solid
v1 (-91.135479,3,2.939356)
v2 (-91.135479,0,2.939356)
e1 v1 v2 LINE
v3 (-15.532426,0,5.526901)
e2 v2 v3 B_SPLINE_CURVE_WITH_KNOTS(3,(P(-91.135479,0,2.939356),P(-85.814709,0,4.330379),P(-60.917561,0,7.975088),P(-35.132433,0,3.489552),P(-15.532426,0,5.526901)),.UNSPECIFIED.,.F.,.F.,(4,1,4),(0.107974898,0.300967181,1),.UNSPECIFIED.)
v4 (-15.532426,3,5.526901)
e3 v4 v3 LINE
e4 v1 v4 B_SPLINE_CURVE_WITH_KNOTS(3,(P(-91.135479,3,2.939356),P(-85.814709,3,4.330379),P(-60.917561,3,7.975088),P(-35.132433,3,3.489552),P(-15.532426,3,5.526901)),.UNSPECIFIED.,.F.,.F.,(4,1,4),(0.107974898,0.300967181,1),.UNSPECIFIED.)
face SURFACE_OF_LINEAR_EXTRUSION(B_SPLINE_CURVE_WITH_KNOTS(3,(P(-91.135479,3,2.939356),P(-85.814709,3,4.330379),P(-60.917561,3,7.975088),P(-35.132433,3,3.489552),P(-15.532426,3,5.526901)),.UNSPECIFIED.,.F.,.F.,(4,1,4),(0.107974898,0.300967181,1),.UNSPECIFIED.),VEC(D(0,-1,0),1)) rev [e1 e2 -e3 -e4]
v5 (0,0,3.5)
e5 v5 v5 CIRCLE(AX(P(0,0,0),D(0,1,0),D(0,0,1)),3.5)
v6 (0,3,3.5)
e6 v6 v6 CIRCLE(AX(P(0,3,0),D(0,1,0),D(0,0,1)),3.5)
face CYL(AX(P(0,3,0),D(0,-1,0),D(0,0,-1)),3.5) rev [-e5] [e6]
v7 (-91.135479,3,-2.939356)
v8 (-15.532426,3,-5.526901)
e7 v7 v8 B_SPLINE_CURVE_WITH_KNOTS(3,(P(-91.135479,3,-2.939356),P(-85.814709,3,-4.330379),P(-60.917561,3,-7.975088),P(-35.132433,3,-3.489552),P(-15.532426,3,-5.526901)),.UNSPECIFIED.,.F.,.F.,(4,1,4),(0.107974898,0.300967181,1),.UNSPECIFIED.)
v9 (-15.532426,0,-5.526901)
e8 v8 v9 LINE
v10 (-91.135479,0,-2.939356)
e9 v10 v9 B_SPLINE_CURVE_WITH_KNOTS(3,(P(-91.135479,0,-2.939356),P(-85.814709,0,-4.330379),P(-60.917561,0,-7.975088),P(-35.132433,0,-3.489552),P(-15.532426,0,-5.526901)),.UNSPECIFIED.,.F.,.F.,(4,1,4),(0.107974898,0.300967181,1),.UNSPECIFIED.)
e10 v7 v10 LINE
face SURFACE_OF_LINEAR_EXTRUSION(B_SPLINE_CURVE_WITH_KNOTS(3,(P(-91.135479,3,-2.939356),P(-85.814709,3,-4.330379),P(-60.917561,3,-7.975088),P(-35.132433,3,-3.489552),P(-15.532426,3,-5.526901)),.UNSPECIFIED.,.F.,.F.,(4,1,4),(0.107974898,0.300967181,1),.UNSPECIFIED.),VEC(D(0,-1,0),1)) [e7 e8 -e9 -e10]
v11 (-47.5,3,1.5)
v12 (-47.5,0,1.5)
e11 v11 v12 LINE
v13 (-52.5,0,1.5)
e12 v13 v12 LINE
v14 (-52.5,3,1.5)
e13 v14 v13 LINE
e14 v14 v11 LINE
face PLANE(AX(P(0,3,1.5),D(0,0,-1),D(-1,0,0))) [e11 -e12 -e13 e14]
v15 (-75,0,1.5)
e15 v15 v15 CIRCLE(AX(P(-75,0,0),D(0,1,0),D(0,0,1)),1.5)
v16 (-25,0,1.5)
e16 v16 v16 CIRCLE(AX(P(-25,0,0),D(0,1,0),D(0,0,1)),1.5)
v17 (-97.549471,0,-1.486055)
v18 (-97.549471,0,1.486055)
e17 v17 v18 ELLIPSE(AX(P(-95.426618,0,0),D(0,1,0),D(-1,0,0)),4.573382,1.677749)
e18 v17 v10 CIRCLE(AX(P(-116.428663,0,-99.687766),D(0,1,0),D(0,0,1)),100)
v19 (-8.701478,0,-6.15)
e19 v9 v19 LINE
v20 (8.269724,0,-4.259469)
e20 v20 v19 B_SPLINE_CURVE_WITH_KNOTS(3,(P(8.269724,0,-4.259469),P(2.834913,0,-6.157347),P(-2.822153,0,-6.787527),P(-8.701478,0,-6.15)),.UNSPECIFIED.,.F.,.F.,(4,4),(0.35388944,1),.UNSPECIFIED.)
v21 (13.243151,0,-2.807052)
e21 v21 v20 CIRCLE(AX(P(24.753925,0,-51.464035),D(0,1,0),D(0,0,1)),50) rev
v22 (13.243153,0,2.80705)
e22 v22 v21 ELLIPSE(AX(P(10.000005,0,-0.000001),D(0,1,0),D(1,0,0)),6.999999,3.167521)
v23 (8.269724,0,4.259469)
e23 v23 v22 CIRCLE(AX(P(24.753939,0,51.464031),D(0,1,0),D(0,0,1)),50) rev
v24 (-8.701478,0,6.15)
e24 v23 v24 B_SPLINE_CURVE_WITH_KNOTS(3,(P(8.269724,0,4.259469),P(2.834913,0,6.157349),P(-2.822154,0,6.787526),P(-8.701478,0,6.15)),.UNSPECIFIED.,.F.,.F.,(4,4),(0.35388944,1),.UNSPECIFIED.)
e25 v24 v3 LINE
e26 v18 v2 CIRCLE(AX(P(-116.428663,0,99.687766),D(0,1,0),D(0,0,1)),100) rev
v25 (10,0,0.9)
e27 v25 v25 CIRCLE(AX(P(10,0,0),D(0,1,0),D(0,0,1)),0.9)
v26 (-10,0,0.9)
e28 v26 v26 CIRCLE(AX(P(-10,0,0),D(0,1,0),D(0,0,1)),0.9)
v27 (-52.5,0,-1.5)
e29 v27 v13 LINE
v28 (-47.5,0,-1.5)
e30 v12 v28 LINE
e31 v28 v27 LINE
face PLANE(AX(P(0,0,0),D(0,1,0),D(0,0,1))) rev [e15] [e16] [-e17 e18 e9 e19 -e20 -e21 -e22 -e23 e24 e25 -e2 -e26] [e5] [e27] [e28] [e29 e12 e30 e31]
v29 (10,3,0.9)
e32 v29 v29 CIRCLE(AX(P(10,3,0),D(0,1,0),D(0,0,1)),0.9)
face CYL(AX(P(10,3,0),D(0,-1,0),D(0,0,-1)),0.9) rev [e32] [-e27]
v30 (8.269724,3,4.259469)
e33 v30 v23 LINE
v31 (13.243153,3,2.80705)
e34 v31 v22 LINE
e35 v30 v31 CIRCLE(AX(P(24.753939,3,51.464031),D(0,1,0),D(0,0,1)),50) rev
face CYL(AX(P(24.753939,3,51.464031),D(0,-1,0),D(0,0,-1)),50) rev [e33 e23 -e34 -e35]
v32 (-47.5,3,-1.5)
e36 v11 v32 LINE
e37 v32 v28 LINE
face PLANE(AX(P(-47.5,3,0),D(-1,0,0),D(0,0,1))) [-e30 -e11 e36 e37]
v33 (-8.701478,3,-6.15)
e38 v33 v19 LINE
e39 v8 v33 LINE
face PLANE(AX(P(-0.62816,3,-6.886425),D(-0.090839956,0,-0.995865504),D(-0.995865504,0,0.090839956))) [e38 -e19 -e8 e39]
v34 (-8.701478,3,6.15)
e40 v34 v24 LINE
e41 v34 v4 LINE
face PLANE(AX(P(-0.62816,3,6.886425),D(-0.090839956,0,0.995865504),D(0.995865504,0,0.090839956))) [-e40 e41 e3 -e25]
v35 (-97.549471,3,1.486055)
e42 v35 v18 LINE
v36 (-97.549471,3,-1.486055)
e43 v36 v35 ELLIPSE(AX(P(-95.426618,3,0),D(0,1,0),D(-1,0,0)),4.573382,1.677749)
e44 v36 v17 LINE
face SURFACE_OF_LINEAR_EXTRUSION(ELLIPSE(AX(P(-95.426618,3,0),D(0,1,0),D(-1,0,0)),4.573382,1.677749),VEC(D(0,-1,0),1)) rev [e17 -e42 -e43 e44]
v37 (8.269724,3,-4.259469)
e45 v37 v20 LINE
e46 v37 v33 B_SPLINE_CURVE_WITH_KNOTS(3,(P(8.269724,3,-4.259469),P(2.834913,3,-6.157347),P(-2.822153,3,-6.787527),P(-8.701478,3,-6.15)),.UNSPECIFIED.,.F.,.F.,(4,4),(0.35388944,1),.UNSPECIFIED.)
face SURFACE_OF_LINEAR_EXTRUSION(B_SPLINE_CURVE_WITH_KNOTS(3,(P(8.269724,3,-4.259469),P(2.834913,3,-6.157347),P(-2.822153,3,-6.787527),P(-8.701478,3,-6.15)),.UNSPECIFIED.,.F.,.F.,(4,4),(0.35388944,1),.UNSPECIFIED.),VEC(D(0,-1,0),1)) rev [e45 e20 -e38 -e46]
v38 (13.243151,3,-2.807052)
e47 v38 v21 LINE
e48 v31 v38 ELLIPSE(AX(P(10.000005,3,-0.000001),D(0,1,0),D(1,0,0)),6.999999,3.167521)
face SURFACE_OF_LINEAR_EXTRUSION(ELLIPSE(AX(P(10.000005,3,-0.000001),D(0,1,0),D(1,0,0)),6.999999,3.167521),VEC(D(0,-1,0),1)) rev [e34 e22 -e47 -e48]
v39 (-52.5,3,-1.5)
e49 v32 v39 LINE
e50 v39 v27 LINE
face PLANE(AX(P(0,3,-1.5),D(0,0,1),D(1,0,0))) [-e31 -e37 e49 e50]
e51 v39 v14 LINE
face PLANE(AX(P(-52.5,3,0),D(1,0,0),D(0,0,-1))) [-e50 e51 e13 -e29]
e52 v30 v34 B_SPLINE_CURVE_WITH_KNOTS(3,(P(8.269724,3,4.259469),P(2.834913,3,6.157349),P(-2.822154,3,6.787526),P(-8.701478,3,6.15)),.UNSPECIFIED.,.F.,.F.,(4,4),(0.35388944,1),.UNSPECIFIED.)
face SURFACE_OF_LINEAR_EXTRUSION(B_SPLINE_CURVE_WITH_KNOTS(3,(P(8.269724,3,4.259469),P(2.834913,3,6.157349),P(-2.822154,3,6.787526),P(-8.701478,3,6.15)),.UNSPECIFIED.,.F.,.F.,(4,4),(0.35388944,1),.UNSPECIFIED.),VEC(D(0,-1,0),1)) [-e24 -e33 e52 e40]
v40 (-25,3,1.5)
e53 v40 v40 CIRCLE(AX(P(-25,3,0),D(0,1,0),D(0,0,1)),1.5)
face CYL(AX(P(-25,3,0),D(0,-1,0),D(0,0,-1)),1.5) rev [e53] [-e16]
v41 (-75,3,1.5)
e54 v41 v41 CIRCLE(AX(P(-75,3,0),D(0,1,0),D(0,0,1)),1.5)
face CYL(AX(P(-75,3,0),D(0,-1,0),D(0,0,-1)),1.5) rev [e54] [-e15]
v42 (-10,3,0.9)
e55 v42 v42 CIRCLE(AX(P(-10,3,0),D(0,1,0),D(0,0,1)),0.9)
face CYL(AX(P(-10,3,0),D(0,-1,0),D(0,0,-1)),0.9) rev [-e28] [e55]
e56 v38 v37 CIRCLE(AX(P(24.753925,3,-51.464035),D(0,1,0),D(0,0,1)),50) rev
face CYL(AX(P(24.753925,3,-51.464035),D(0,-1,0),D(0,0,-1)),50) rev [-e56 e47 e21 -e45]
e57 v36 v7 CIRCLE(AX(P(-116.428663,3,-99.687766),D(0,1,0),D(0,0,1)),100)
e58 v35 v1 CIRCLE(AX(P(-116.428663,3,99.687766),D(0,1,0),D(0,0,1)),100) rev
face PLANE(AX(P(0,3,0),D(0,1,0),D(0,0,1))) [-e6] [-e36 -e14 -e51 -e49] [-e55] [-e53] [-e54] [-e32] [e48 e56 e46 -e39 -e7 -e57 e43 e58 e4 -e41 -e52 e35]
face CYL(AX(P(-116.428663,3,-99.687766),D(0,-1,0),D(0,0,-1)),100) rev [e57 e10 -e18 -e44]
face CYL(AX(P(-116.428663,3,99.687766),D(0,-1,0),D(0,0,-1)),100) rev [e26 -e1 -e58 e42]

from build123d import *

# Parameters (mm, degrees)
ESBO_O1_R                = 3.5
ESBO_O1_R_2              = 0.9
ESBO_O1_R_3              = 1.5
ESBO_O1_W                = 5
ESBO_O1_H                = 3
RESSALTO_EXTRUS_O1_DEPTH = 3


with BuildPart() as part:
    # Esboço1 → Ressalto-extrusão1 (new body)
    with BuildSketch(Plane(origin=(0, 0, 0), x_dir=(1, 0, 0), z_dir=(0, 1, 0))):
        with BuildLine():
            Line((-15.5324261, 5.526900759), (-8.701477822, 6.15))
            add(Edge.make_bspline(
                [(8.269723742, 4.259468977), (2.834912713, 6.157347241), (-2.82215339, 6.787527354), (-8.701477822, 6.15)],
                knots=[0.35388944, 0.35388944, 0.35388944, 0.35388944, 1, 1, 1, 1], degree=3))
            ThreePointArc((8.269723742, 4.259468977), (10.737611567, 3.46879666), (13.24315076, 2.807051708))
            add(Edge.make_bspline(
                [(13.243153259, -2.80704963), (25.10877849, 2.12e-06), (13.24315076, 2.807051708)],
                knots=[5.194112275, 5.194112275, 5.194112275, 7.372258742, 7.372258742, 7.372258742], degree=2, weights=[1, 0.463306864, 1]))
            ThreePointArc((13.243153259, -2.80704963), (10.737612779, -3.468795552), (8.269723742, -4.259468977))
            add(Edge.make_bspline(
                [(8.269723742, -4.259468977), (2.834913243, -6.15734876), (-2.822153925, -6.787525817), (-8.701477822, -6.15)],
                knots=[0.35388944, 0.35388944, 0.35388944, 0.35388944, 1, 1, 1, 1], degree=3))
            Line((-8.701477822, -6.15), (-15.5324261, -5.526900759))
            add(Edge.make_bspline(
                [(-91.135478662, -2.939356415), (-85.814709071, -4.330378827), (-60.917561227, -7.97508816), (-35.132432713, -3.48955228), (-15.5324261, -5.526900759)],
                knots=[0.107974898, 0.107974898, 0.107974898, 0.107974898, 0.300967181, 1, 1, 1, 1], degree=3))
            ThreePointArc((-91.135478662, -2.939356415), (-94.330524557, -2.159963767), (-97.549471293, -1.486054958))
            add(Edge.make_bspline(
                [(-97.549471293, 1.486054958), (-105.279311729, 0), (-97.549471293, -1.486054958)],
                knots=[5.195092838, 5.195092838, 5.195092838, 7.371277776, 7.371277776, 7.371277776], degree=2, weights=[1, 0.464175793, 1]))
            ThreePointArc((-97.549471293, 1.486054958), (-94.330524557, 2.159963767), (-91.135478662, 2.939356415))
            add(Edge.make_bspline(
                [(-91.135478662, 2.939356415), (-85.814709071, 4.330378827), (-60.917561227, 7.97508816), (-35.132432713, 3.48955228), (-15.5324261, 5.526900759)],
                knots=[0.107974898, 0.107974898, 0.107974898, 0.107974898, 0.300967181, 1, 1, 1, 1], degree=3))
        make_face()
        Circle(ESBO_O1_R, mode=Mode.SUBTRACT)
        with Locations((10, 0)):
            Circle(ESBO_O1_R_2, mode=Mode.SUBTRACT)
        with Locations((-10, 0)):
            Circle(ESBO_O1_R_2, mode=Mode.SUBTRACT)
        with Locations((-25, 0)):
            Circle(ESBO_O1_R_3, mode=Mode.SUBTRACT)
        with Locations((-75, 0)):
            Circle(ESBO_O1_R_3, mode=Mode.SUBTRACT)
        with Locations((-50, 0)):
            Rectangle(ESBO_O1_W, ESBO_O1_H, mode=Mode.SUBTRACT)
    extrude(amount=RESSALTO_EXTRUS_O1_DEPTH)


solid = part.part
